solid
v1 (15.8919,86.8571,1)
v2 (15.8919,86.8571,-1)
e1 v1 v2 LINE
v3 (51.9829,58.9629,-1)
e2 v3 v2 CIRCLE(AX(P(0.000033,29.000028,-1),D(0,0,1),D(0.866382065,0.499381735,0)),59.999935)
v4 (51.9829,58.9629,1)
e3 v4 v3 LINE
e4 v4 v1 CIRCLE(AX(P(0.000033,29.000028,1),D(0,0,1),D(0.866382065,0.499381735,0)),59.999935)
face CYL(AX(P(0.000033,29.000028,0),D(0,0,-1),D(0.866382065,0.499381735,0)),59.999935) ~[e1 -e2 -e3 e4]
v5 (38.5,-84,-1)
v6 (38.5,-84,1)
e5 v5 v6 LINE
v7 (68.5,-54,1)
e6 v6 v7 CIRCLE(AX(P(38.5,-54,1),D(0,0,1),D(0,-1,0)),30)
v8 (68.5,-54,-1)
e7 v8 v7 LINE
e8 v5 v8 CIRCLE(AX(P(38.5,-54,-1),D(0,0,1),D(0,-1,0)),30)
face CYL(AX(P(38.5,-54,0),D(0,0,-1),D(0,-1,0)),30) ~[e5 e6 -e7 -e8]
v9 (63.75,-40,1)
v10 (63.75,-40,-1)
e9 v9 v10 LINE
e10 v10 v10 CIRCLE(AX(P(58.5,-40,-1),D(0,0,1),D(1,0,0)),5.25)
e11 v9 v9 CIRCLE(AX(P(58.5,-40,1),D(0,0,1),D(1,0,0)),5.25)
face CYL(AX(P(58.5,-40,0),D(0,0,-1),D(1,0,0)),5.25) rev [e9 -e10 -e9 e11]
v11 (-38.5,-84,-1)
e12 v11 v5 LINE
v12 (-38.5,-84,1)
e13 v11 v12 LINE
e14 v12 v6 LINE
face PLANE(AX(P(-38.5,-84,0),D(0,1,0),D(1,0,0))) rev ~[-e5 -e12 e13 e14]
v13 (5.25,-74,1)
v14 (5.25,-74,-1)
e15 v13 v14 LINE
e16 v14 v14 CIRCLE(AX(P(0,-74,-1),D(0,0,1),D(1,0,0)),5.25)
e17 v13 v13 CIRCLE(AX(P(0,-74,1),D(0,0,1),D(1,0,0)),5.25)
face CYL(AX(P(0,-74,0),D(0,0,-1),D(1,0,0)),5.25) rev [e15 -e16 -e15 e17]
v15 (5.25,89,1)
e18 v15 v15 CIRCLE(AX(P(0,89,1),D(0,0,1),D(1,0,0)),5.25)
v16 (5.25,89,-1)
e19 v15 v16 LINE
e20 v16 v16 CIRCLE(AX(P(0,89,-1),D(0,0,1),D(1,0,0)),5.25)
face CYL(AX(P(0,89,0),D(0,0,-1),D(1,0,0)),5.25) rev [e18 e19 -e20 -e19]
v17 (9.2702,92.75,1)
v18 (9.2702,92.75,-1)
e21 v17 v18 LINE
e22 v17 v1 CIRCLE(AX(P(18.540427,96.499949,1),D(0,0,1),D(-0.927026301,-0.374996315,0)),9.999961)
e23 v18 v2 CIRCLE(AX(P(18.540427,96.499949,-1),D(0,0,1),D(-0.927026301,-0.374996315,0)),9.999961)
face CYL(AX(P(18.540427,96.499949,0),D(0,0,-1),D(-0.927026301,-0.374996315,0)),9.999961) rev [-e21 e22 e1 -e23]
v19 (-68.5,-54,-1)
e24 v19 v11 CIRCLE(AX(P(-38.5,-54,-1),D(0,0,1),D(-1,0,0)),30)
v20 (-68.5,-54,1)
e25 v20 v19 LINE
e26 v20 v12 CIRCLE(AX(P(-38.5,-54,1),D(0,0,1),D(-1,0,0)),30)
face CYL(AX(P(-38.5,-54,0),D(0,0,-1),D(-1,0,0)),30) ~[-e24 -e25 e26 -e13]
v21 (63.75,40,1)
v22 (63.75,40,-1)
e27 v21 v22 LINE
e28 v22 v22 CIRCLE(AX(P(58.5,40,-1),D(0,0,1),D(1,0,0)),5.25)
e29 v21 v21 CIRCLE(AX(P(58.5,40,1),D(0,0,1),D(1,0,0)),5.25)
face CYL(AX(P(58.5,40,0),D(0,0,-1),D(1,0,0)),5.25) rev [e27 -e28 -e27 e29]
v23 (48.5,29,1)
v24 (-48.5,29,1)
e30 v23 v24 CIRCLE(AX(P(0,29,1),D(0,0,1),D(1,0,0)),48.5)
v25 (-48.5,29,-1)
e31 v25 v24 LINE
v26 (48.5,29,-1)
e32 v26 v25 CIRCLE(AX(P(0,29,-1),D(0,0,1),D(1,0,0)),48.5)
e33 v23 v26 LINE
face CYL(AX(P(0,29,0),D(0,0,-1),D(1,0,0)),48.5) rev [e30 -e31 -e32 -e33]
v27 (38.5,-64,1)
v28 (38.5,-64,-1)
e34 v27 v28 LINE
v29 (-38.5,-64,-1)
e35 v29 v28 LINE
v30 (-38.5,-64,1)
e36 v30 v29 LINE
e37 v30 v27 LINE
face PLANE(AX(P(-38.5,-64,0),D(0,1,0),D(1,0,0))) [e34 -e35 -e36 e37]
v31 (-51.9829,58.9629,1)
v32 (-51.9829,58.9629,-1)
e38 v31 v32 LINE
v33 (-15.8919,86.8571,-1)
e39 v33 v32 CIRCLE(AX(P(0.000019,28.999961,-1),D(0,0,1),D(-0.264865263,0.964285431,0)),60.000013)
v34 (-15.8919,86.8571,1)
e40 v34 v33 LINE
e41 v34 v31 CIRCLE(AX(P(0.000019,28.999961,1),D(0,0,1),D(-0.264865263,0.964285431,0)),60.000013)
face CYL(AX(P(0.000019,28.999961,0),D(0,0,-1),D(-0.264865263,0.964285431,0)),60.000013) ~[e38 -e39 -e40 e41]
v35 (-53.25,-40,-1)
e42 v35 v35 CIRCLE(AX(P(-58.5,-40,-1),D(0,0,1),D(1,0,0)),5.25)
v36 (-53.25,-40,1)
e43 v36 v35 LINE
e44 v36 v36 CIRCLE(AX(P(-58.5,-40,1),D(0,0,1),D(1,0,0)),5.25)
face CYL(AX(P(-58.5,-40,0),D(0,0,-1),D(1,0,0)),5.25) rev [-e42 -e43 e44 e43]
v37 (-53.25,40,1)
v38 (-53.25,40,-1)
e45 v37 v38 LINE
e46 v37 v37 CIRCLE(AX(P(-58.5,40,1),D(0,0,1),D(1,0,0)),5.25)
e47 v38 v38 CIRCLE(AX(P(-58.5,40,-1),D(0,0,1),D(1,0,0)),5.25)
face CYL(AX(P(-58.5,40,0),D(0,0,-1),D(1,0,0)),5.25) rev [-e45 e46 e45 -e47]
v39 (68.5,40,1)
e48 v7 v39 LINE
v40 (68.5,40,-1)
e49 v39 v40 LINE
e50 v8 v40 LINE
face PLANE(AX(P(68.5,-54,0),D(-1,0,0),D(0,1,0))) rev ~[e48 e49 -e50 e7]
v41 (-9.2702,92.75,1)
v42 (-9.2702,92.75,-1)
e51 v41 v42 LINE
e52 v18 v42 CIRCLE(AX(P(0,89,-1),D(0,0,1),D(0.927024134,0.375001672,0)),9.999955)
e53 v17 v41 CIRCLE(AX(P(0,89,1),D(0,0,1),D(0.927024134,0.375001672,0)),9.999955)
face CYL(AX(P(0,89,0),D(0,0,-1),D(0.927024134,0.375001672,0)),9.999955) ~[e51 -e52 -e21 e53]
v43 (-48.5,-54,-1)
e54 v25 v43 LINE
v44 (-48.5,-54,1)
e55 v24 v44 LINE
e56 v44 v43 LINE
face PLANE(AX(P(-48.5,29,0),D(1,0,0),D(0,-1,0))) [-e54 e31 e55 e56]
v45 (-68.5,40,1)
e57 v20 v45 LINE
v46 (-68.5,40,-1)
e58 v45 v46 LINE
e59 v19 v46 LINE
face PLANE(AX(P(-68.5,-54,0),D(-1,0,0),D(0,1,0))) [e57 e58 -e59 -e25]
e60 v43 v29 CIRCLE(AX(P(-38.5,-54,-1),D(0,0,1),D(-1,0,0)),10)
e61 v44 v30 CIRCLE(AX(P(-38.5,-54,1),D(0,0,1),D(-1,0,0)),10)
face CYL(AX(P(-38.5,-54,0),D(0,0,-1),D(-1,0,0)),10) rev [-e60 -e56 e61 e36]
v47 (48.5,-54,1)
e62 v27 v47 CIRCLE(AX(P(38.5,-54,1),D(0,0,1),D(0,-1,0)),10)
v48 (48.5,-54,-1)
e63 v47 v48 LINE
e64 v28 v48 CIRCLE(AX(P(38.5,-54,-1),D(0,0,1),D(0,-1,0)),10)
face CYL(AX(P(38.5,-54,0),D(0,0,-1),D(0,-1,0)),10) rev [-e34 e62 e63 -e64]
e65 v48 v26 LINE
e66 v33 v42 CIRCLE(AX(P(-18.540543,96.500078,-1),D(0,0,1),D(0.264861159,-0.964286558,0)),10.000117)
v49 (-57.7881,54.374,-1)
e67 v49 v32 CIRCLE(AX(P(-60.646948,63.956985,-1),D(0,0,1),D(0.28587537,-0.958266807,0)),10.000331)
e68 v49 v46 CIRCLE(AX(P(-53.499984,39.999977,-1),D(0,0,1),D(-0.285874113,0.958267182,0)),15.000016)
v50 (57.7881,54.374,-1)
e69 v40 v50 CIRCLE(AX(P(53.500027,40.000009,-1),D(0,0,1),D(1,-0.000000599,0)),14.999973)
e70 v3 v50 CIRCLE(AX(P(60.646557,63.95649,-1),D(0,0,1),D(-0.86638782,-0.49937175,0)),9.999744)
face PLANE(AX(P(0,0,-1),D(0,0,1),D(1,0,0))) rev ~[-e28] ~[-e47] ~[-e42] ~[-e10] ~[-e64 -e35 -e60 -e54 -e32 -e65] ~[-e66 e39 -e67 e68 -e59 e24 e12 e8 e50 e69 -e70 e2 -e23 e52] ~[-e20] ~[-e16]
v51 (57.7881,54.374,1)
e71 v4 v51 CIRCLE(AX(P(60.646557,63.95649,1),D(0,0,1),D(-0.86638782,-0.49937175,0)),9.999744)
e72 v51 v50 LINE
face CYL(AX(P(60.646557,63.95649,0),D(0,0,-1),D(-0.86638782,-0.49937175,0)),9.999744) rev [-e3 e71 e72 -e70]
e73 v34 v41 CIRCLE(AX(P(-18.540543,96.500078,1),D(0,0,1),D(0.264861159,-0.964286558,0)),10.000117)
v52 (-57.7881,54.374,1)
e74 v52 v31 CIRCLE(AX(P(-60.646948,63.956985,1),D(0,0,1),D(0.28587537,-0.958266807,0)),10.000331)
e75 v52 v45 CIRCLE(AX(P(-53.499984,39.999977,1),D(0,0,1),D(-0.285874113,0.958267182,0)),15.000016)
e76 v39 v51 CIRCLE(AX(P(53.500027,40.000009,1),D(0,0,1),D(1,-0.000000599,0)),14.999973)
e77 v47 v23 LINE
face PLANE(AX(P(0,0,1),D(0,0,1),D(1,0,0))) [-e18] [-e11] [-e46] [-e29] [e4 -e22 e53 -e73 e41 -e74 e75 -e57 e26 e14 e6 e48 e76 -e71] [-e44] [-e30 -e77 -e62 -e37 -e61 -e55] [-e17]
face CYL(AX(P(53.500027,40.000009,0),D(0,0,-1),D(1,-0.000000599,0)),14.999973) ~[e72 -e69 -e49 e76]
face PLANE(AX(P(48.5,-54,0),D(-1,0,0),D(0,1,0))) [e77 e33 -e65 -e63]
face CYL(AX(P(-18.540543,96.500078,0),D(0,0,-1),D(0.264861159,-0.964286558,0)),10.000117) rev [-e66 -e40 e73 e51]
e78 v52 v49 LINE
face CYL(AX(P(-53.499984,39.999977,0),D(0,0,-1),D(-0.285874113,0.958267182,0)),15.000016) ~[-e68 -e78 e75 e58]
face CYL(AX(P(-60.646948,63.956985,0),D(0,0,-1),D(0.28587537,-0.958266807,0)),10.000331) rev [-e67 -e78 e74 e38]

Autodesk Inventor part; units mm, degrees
ref_plane "YZ Plane" through (0, 0, 0) normal (1, 0, 0) x (0, 1, 0)
ref_plane "XZ Plane" through (0, 0, 0) normal (0, 1, 0) x (-1, 0, 0)
ref_plane "XY Plane" through (0, 0, 0) normal (0, 0, 1) x (1, 0, 0)
sketch "Эскиз1" plane through (0, 0, 0) normal (0, 0, 1) x (1, 0, 0)
  line L0 (-48.5, 29) -> (-48.5, -54)
  line L1 (-38.5, -64) -> (38.5, -64)
  line L2 (48.5, -54) -> (48.5, 29)
  arc A0 (38.5, -64) -> (48.5, -54) centre (38.5, -54) ccw
  arc A1 (-48.5, -54) -> (-38.5, -64) centre (-38.5, -54) ccw
  line L3 (-38.5, -84) -> (38.5, -84)
  line L4 (68.5, -54) -> (68.5, 40)
  line L5 (-68.5, -54) -> (-68.5, 40)
  circle A2 centre (0, -74) radius 5.25
  circle A3 centre (-58.5, -40) radius 5.25
  circle A4 centre (58.5, -40) radius 5.25
  arc A5 (-57.7881, 54.374) -> (-68.5, 40) centre (-53.5, 40) ccw
  arc A6 (-57.7881, 54.374) -> (-51.9829, 58.9629) centre (-60.6468, 63.9567) ccw
  arc A7 (-15.8919, 86.8571) -> (-51.9829, 58.9629) centre (0, 29) ccw
  arc A8 (-15.8919, 86.8571) -> (-9.2702, 92.75) centre (-18.5405, 96.5) ccw
  arc A9 (9.2702, 92.75) -> (-9.2702, 92.75) centre (0, 89) ccw
  circle A10 centre (-58.5, 40) radius 5.25
  arc A11 (9.2702, 92.75) -> (15.8919, 86.8571) centre (18.5405, 96.5) ccw
  arc A12 (51.9829, 58.9629) -> (15.8919, 86.8571) centre (0, 29) ccw
  arc A13 (51.9829, 58.9629) -> (57.7881, 54.374) centre (60.6468, 63.9567) ccw
  arc A14 (68.5, 40) -> (57.7881, 54.374) centre (53.5, 40) ccw
  circle A15 centre (58.5, 40) radius 5.25
  circle A16 centre (0, 89) radius 5.25
  arc A17 (38.5, -84) -> (68.5, -54) centre (38.5, -54) ccw
  arc A18 (-68.5, -54) -> (-38.5, -84) centre (-38.5, -54) ccw
  arc A19 (48.5, 29) -> (-48.5, 29) centre (0, 29) ccw
  point P0 (0, 0)
  point P1 (-48.5, -64)
  point P2 (48.5, -64)
  point P3 (0, -64)
  dimension "d0" = 97
  dimension "d1" = 10
  dimension "d2" = 20
  dimension "d3" = 20
  dimension "d4" = 20
  dimension "d5" = 10.5
  dimension "d6" = 10
  dimension "d7" = 74
  dimension "d8" = 58.5
  dimension "d9" = 58.5
  dimension "d10" = 15
  dimension "d11" = 10
  dimension "d12" = 60
  dimension "d13" = 29
  dimension "d14" = 10
  dimension "d15" = 40
  dimension "d16" = 80
  dimension "d17" = 30
  dimension "d18" = 163
extrude "Выдавливание1" add sketch "Эскиз1" along normal mid plane 2
properties part number "411. Прокладка"
